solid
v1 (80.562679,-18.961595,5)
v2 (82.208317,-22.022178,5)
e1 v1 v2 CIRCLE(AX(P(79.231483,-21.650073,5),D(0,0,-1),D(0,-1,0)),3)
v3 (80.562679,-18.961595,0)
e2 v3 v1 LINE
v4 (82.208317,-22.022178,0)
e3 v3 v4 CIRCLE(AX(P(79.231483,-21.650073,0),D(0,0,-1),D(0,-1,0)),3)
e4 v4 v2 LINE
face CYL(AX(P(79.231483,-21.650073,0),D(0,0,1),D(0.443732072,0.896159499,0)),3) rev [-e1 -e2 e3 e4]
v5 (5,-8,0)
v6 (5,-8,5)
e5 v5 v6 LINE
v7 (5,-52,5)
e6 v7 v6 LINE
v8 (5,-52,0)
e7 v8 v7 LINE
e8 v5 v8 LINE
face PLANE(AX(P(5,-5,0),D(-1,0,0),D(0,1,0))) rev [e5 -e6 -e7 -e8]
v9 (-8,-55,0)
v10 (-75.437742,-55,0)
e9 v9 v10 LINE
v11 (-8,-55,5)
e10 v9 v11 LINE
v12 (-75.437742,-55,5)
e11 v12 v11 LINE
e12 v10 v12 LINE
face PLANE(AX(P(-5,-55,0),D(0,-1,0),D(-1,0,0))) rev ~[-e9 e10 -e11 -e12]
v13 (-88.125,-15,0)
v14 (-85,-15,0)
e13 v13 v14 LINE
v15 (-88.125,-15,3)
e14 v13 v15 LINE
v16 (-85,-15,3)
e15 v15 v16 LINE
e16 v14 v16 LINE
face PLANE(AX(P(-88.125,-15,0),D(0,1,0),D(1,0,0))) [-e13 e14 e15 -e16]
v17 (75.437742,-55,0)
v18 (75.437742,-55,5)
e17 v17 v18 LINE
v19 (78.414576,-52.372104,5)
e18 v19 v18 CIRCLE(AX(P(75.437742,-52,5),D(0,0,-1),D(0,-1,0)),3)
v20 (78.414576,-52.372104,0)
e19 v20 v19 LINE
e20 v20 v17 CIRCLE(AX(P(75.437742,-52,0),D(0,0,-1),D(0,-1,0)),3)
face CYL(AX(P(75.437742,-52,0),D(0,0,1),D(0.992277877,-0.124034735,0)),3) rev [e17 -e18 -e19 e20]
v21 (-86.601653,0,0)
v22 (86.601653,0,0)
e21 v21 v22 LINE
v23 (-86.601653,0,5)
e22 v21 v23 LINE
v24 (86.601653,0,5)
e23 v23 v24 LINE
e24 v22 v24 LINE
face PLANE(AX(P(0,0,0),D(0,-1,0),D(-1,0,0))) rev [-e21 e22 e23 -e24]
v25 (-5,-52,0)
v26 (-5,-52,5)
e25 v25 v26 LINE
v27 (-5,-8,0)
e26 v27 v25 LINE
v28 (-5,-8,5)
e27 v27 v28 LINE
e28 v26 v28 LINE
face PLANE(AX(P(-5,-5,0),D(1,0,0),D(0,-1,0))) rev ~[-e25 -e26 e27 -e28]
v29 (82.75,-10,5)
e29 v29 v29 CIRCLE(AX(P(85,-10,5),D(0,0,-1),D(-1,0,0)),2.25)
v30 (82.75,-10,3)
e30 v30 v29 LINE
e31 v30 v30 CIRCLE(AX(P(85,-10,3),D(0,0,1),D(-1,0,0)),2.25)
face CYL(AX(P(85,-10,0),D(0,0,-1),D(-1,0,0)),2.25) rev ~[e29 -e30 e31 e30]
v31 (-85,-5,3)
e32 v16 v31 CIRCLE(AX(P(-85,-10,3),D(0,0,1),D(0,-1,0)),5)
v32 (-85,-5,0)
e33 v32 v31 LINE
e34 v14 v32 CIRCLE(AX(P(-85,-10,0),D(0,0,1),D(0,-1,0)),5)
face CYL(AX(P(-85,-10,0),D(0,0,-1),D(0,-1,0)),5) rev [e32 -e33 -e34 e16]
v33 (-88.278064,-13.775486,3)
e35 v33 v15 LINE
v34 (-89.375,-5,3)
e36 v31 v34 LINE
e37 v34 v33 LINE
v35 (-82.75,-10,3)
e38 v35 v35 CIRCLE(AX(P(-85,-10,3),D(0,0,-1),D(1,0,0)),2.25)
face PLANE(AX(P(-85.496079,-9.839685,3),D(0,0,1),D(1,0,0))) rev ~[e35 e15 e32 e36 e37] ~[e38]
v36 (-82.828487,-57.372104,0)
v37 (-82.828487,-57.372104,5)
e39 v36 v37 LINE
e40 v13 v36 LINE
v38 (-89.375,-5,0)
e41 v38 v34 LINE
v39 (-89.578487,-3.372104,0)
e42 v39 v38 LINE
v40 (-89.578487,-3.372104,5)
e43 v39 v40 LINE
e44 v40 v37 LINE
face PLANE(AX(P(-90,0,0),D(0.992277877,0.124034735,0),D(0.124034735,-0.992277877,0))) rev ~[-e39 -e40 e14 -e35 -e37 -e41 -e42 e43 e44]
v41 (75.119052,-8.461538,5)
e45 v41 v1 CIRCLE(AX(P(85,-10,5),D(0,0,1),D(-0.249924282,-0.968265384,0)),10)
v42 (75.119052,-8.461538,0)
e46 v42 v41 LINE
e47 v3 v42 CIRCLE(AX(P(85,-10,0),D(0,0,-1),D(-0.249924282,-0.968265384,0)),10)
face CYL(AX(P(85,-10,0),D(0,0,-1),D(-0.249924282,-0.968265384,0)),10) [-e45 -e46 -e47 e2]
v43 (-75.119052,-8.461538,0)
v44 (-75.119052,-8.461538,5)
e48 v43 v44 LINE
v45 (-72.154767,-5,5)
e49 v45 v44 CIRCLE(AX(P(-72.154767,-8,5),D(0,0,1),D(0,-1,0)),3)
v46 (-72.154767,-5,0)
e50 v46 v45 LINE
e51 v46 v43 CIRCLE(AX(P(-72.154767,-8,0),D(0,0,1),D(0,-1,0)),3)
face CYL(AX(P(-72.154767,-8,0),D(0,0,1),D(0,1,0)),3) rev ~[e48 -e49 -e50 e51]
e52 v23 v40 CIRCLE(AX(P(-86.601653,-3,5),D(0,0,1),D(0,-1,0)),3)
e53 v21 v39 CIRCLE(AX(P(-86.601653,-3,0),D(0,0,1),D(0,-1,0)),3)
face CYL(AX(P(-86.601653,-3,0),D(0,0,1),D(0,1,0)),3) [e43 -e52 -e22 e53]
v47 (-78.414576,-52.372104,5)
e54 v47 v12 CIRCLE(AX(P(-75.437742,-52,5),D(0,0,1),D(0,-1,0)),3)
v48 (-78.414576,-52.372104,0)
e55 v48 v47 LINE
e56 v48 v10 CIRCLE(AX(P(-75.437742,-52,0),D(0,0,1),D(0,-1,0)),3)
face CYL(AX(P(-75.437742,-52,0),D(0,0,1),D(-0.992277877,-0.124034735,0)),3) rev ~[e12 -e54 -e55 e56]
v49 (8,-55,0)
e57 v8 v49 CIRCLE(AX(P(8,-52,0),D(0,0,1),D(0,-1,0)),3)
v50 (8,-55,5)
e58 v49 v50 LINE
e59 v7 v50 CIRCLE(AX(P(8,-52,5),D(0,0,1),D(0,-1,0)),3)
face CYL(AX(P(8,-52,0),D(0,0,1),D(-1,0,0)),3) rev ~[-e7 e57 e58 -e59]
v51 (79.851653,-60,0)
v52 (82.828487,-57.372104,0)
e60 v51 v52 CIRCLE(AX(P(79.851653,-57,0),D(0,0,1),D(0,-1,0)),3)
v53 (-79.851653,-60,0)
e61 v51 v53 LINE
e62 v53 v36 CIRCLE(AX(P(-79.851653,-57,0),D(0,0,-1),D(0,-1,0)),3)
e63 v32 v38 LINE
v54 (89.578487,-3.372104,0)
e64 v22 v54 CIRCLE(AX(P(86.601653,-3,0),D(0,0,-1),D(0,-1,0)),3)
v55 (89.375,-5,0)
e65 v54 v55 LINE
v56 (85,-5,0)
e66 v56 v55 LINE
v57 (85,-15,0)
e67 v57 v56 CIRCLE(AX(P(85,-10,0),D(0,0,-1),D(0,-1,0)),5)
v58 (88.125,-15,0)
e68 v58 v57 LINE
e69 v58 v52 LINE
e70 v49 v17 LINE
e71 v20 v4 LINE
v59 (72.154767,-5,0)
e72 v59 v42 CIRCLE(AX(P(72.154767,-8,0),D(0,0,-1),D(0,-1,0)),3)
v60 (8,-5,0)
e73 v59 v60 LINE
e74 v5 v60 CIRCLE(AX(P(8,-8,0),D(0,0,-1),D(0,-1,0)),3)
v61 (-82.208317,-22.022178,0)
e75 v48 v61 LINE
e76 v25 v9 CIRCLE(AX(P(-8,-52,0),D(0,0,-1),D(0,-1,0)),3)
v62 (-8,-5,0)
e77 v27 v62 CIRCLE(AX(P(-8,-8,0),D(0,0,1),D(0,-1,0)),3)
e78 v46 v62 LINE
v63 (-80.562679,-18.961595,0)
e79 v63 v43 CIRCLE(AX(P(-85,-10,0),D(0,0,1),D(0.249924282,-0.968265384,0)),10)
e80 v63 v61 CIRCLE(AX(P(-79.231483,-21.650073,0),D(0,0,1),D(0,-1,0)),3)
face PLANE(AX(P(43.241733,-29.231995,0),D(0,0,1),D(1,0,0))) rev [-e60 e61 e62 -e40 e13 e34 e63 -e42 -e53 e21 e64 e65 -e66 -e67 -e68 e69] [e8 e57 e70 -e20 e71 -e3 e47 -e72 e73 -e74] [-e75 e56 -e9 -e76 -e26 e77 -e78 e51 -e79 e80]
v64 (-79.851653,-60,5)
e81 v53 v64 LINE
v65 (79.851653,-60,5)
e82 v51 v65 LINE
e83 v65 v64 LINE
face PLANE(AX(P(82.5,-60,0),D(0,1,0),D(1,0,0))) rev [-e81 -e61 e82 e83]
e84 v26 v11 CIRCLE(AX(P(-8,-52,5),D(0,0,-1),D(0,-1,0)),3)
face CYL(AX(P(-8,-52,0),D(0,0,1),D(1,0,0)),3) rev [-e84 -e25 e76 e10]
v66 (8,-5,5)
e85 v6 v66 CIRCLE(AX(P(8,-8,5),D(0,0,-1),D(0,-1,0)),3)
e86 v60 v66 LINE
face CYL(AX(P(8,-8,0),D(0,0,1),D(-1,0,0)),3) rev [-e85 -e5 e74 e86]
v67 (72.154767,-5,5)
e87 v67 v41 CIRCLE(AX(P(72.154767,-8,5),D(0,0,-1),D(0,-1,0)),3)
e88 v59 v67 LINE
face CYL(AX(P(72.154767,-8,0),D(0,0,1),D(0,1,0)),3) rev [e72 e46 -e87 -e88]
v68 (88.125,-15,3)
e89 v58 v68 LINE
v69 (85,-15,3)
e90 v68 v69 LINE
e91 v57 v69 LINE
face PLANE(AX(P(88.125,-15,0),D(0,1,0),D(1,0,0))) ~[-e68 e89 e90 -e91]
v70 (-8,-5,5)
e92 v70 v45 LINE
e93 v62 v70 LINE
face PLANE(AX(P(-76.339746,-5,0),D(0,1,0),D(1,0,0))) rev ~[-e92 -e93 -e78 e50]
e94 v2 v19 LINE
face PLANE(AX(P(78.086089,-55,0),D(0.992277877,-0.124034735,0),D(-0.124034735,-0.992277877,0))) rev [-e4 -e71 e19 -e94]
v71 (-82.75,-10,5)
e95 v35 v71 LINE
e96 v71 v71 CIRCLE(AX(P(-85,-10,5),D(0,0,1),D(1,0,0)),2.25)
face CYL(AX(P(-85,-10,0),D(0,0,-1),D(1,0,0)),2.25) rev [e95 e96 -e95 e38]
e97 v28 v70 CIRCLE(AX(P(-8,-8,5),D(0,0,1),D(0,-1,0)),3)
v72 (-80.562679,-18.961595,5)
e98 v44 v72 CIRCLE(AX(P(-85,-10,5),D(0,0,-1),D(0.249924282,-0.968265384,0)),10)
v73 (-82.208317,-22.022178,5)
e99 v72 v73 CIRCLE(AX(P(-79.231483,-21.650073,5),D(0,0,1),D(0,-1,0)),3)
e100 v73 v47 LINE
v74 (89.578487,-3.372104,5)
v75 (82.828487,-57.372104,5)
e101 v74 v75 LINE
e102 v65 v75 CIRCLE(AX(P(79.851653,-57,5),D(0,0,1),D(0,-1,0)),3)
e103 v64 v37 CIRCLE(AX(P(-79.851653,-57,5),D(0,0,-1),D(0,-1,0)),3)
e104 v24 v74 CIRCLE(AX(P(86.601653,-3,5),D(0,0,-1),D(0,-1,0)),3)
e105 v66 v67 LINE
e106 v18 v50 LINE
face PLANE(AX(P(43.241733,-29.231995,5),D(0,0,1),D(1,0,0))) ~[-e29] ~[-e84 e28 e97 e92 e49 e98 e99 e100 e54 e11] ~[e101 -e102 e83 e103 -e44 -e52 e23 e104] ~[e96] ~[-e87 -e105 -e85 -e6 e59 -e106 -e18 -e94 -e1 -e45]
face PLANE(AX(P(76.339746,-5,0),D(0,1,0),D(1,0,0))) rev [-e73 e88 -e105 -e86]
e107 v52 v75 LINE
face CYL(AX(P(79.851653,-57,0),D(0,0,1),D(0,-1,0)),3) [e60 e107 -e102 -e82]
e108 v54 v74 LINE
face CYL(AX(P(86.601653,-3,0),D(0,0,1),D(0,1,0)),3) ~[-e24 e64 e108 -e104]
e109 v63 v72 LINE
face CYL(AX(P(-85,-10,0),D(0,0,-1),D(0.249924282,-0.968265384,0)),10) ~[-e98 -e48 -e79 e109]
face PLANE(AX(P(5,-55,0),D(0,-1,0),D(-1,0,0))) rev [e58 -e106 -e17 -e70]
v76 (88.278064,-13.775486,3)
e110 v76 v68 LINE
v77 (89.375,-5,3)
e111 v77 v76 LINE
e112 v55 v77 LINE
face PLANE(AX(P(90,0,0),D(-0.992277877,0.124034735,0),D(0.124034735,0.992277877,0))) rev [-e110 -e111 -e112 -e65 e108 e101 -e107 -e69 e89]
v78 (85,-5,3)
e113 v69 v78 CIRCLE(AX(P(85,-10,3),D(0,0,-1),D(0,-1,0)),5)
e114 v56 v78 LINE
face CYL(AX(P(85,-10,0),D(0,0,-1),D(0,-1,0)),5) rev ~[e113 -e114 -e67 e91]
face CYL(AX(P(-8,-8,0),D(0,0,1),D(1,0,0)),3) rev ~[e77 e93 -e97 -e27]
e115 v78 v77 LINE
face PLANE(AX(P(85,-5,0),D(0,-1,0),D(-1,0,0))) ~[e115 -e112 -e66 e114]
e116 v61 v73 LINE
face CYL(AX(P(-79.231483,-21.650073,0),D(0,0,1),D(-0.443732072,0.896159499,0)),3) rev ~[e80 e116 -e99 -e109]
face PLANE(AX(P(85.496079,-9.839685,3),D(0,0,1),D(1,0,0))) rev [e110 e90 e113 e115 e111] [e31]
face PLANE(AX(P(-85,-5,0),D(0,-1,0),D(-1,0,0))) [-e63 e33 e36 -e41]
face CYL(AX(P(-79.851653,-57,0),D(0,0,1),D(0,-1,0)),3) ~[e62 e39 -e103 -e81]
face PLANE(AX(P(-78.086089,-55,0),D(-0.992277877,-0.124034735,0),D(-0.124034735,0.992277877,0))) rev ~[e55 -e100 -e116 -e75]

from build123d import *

# Parameters (mm, degrees)
SZKIC1_R                    = 2.25
DODANIE_WYCI_GNI_CIE1_DEPTH = 5
WYTNIJ_WYCI_GNI_CIE1_DEPTH  = 3
ZAOKR_GLENIE3_R             = 3
WYTNIJ_WYCI_GNI_CIE3_DEPTH  = 108.951175455
ZAOKR_GLENIE4_R             = 3


with BuildPart() as part:
    # Szkic1 → Dodanie-wyciągnięcie1 (new body)
    with BuildSketch(Plane.XY):
        Polygon((0, 0), (-90, 0), (-82.5, -60), (0, -60), align=None)
        with Locations((-85, -10)):
            Circle(SZKIC1_R, mode=Mode.SUBTRACT)
    extrude(amount=DODANIE_WYCI_GNI_CIE1_DEPTH)

    # Szkic1<3> → Wytnij-wyciągnięcie1 (cut)
    with BuildSketch(Plane.XY):
        with BuildLine():
            Line((-85, -5), (-89.375, -5))
            Line((-89.375, -5), (-89.106551139, -7.147590888))
            ThreePointArc((-89.106551139, -7.147590888), (-89.961389384, -10.620173673), (-88.278064246, -13.775486035))
            Line((-88.278064246, -13.775486035), (-88.125, -15))
            Line((-88.125, -15), (-85, -15))
            ThreePointArc((-85, -15), (-80, -10), (-85, -5))
        make_face()
    extrude(amount=WYTNIJ_WYCI_GNI_CIE1_DEPTH, mode=Mode.SUBTRACT)

    # Zaokrąglenie3
    zaokr_glenie3_edges = [part.edges().sort_by_distance(p)[0] for p in [
        (-82.5, -60, 2.5),
        (-90, 0, 2.5),
    ]]
    fillet(zaokr_glenie3_edges, radius=ZAOKR_GLENIE3_R)

    # Szkic5 → Wytnij-wyciągnięcie3 (cut, through all)
    with BuildSketch(Plane(origin=(0, 0, 0), x_dir=(-1, 0, 0), z_dir=(0, 0, -1))):
        with BuildLine():
            Line((5, -55), (78.086088907, -55))
            Line((78.086088907, -55), (82.500757178, -19.682653836))
            ThreePointArc((82.500757178, -19.682653836), (75.778900637, -13.869279847), (76.339745962, -5))
            Line((76.339745962, -5), (5, -5))
            Line((5, -5), (5, -55))
        make_face()
    extrude(amount=-WYTNIJ_WYCI_GNI_CIE3_DEPTH, mode=Mode.SUBTRACT)

    # Zaokrąglenie4
    zaokr_glenie4_edges = [part.edges().sort_by_distance(p)[0] for p in [
        (-5, -5, 2.5),
        (-5, -55, 2.5),
        (-78.086088907, -55, 2.5),
        (-82.500757178, -19.682653836, 2.5),
        (-76.339745962, -5, 2.5),
    ]]
    fillet(zaokr_glenie4_edges, radius=ZAOKR_GLENIE4_R)

    # Lustro5: part across plane


with BuildPart() as part_1:
    add(part.part)
    add(part.part.mirror(Plane(origin=(0, 0, 0), x_dir=(0, 0, 1), z_dir=(1, 0, 0))))


solid = part_1.part
